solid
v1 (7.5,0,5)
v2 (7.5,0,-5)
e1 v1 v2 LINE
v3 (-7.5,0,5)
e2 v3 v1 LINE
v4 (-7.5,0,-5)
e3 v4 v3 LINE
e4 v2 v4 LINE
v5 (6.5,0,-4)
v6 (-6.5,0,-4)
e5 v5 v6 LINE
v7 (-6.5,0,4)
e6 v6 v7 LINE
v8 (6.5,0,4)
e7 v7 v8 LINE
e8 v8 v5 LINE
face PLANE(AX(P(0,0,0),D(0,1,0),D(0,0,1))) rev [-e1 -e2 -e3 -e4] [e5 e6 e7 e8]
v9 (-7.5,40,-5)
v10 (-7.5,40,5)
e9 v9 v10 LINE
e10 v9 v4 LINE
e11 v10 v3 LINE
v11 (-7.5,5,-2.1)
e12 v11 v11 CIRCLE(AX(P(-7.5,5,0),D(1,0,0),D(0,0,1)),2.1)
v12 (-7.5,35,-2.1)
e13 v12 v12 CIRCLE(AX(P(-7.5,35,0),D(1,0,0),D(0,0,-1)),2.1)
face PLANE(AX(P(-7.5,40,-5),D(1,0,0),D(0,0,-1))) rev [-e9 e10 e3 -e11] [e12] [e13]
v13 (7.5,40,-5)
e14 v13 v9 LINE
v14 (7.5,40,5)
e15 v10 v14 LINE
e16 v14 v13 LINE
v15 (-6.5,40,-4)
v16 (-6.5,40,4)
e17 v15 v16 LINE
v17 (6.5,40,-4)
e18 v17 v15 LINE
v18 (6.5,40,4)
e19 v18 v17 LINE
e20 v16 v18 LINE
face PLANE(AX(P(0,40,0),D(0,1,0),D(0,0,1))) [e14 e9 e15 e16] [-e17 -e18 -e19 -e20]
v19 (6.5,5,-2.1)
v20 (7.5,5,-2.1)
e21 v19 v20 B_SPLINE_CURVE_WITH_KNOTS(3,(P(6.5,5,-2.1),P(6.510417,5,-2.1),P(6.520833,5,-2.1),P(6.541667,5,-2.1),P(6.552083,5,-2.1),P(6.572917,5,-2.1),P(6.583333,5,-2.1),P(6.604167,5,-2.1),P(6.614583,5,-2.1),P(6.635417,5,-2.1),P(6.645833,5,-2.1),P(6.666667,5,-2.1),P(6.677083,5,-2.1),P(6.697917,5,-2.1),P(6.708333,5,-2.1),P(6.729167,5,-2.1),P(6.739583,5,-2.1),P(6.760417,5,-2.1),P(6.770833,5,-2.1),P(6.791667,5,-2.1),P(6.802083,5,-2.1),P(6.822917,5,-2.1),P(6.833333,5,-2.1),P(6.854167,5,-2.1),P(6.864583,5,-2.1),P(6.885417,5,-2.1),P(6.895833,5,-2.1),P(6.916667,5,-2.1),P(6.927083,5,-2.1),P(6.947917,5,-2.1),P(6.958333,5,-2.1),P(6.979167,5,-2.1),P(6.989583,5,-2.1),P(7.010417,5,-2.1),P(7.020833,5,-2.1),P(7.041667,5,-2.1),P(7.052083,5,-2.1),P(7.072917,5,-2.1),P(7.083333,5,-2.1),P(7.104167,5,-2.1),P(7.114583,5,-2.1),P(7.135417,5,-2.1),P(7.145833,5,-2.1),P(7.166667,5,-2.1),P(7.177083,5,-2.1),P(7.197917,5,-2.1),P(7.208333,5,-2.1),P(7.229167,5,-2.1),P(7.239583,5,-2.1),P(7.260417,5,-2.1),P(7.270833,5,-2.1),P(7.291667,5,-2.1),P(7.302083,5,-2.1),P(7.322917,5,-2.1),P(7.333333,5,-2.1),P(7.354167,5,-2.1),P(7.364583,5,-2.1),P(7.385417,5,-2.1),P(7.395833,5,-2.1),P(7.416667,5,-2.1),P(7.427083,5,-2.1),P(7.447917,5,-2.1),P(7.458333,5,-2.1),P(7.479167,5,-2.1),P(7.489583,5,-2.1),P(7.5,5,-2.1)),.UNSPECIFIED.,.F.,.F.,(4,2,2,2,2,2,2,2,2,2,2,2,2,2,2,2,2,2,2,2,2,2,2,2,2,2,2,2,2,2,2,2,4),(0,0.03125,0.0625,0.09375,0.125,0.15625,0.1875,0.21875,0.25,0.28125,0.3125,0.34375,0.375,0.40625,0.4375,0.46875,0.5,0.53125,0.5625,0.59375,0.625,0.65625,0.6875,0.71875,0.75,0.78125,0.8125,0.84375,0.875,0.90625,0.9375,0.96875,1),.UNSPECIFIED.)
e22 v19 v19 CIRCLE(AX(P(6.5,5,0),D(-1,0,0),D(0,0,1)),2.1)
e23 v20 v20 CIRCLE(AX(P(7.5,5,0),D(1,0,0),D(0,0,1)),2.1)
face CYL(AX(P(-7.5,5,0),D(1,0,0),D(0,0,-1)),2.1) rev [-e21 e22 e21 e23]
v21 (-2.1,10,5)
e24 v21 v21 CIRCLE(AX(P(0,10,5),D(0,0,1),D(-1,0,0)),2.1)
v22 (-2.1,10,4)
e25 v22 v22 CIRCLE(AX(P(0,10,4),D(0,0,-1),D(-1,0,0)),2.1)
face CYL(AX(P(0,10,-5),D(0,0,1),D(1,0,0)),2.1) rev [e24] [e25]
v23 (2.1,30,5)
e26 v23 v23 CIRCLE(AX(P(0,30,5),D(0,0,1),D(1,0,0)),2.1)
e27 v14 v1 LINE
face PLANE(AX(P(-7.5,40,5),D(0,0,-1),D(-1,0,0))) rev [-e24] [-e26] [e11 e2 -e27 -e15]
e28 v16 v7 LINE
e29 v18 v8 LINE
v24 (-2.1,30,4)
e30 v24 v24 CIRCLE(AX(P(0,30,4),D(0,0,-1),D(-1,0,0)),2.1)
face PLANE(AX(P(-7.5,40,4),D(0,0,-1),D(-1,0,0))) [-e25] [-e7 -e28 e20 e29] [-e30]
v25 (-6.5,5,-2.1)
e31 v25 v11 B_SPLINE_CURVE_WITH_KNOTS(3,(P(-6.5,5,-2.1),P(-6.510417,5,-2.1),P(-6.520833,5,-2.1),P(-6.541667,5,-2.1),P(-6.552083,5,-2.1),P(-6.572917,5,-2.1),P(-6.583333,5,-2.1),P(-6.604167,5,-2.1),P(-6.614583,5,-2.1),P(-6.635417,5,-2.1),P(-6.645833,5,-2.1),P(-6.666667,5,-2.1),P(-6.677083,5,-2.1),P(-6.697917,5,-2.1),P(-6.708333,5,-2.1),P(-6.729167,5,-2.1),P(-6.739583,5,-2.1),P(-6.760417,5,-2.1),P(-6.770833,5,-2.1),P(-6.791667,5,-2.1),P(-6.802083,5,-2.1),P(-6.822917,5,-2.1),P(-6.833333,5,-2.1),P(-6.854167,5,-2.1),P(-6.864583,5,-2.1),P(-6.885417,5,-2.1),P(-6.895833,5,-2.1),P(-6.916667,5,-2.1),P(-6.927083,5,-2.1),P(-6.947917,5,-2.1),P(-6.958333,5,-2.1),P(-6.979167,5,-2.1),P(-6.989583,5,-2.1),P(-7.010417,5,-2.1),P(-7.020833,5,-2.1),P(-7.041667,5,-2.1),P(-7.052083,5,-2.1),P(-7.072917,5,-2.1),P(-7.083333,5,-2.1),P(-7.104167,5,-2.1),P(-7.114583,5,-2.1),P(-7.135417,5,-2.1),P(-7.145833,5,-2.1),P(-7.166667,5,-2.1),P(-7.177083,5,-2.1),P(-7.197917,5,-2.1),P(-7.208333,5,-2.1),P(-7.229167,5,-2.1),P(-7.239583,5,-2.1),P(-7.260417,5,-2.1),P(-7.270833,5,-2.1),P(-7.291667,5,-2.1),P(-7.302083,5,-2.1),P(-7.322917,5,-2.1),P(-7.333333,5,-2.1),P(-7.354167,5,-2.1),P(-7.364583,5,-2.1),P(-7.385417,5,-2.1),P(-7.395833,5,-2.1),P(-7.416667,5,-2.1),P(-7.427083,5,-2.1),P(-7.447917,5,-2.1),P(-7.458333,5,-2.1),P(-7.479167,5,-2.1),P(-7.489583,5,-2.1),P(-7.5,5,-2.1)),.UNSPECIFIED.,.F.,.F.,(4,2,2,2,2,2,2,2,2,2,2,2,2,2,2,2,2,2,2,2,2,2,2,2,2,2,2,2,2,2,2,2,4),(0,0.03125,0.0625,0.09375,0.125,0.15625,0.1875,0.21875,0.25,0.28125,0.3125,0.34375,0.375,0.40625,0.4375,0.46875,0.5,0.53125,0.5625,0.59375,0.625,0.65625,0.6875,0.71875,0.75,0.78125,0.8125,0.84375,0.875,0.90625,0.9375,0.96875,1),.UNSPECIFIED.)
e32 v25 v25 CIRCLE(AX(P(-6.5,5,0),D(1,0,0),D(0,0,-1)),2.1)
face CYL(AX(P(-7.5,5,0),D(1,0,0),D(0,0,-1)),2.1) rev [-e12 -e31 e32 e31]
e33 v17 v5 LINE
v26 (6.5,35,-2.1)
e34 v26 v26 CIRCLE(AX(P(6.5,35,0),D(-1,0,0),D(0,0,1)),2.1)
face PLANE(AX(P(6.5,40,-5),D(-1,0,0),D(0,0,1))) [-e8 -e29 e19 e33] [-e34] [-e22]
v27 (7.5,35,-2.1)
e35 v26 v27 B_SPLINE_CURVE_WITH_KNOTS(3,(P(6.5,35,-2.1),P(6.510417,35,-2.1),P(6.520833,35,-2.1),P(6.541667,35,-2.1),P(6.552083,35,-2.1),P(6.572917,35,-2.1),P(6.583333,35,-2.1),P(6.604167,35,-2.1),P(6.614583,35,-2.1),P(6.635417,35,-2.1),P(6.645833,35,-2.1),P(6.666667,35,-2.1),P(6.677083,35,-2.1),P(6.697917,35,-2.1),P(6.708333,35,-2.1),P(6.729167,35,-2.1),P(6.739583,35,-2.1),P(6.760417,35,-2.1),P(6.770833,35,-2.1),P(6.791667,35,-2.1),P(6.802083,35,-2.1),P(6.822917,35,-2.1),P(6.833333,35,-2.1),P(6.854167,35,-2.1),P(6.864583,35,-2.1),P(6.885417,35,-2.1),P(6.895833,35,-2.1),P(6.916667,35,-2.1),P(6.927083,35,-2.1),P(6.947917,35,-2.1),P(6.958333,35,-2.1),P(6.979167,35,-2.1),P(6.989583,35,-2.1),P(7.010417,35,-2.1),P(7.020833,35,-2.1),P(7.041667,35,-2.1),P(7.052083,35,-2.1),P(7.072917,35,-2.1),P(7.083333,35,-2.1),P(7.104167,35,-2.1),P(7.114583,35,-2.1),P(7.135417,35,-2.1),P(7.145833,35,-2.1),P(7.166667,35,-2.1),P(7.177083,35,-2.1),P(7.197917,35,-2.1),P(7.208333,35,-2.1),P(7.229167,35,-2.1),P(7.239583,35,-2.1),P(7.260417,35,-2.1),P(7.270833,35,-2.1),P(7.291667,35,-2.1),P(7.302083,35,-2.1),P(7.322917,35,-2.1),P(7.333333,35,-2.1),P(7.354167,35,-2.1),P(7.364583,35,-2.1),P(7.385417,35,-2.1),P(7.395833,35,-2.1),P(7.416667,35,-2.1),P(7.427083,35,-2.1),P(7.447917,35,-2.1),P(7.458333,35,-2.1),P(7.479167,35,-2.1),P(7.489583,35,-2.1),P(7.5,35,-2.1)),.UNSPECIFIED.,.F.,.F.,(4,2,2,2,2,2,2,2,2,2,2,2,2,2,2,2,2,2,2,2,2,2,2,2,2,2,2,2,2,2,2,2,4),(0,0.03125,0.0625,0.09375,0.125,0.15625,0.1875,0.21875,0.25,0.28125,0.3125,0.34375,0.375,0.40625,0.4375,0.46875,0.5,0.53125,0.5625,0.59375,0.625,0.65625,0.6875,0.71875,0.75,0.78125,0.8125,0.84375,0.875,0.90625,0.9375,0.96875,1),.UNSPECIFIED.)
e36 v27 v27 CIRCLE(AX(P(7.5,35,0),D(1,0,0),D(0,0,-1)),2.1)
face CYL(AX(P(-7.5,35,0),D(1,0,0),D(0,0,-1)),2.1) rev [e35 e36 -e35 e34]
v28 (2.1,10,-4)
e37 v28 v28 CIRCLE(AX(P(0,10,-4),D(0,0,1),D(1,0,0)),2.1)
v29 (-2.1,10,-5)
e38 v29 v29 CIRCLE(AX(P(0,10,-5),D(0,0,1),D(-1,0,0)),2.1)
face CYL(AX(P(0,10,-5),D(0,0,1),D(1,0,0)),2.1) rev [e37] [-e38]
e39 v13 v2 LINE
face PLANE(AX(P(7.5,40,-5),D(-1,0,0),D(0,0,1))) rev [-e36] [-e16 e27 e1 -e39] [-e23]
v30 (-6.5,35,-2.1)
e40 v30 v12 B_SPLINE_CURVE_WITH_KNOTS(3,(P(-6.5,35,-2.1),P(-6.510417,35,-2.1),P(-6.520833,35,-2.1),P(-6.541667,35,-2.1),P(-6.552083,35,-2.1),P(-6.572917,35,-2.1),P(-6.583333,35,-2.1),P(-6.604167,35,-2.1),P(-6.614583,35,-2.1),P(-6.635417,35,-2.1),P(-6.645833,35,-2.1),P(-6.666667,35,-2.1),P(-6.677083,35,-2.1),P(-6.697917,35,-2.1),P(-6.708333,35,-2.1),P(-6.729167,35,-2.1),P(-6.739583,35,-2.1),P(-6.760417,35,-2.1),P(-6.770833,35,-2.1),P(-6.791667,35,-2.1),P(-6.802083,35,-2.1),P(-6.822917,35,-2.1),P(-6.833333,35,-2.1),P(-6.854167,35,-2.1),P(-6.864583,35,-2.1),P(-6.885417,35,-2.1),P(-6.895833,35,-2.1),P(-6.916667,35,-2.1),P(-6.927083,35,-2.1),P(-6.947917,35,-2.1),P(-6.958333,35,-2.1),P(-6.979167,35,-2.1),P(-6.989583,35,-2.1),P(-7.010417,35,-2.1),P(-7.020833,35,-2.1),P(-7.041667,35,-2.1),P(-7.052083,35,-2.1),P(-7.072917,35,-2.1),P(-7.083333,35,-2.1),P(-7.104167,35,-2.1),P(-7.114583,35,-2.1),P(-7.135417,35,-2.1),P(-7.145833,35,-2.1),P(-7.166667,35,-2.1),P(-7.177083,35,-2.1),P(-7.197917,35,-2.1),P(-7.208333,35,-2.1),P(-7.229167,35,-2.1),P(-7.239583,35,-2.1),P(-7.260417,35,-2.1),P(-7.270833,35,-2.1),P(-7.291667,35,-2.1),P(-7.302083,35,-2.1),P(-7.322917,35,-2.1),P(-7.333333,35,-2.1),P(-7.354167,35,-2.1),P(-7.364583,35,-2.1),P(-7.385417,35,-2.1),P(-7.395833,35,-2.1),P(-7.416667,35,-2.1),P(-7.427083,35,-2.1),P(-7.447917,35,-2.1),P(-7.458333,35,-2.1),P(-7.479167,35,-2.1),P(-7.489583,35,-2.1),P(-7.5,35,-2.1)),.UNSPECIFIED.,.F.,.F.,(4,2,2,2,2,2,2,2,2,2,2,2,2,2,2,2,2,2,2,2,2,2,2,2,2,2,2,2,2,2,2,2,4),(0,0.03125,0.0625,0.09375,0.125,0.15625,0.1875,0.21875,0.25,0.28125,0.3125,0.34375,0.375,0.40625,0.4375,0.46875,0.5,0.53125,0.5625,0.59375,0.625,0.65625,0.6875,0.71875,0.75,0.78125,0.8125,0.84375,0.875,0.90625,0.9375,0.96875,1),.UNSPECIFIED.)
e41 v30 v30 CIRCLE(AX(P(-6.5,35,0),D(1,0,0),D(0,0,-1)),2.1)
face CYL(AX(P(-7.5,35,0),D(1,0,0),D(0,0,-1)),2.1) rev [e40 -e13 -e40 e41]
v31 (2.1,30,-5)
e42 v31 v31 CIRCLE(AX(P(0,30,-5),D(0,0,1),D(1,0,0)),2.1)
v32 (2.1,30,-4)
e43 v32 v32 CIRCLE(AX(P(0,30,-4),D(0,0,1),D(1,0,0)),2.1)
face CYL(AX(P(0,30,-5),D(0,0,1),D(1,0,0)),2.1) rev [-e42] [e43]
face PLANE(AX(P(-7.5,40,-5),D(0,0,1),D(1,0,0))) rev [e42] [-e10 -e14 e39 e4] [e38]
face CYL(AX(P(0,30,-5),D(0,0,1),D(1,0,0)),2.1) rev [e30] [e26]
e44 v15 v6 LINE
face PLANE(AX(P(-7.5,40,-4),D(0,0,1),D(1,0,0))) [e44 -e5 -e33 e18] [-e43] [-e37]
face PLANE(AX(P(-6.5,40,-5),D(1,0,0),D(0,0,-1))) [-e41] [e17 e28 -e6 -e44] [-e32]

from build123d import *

# Parameters (mm, degrees)
SKETCH_1_W          = 15
SKETCH_1_H          = 10
SKETCH_1_W_2        = 13
SKETCH_1_H_2        = 8
EXTRUDE_1_DEPTH     = 40
SKETCH_2_R          = 2.1
CUT_EXTRUDE_1_DEPTH = 44.011626335
SKETCH_3_R          = 2.1
CUT_EXTRUDE_2_DEPTH = 42.907636536


with BuildPart() as part:
    # ｽｹｯﾁ1 → 押し出し-薄板1 (new body)
    with BuildSketch(Plane(origin=(0, 0, 0), x_dir=(1, 0, 0), z_dir=(0, 1, 0))):
        Rectangle(SKETCH_1_W, SKETCH_1_H)
        Rectangle(SKETCH_1_W_2, SKETCH_1_H_2, mode=Mode.SUBTRACT)
    extrude(amount=EXTRUDE_1_DEPTH)

    # ｽｹｯﾁ2 → ｶｯﾄ - 押し出し1 (cut, through all)
    with BuildSketch(Plane(origin=(7.5, 0, 0), x_dir=(0, 0, -1), z_dir=(1, 0, 0))):
        with Locations((0, 35)):
            Circle(SKETCH_2_R)
        with Locations((0, 5)):
            Circle(SKETCH_2_R)
    extrude(amount=-CUT_EXTRUDE_1_DEPTH, mode=Mode.SUBTRACT)

    # ｽｹｯﾁ3 → ｶｯﾄ - 押し出し2 (cut, through all)
    with BuildSketch(Plane.XY.offset(5)):
        with Locations((0, 30)):
            Circle(SKETCH_3_R)
        with Locations(Location((0, 10, 0), (0, 0, 180))):
            Circle(SKETCH_3_R)
    extrude(amount=-CUT_EXTRUDE_2_DEPTH, mode=Mode.SUBTRACT)


solid = part.part
